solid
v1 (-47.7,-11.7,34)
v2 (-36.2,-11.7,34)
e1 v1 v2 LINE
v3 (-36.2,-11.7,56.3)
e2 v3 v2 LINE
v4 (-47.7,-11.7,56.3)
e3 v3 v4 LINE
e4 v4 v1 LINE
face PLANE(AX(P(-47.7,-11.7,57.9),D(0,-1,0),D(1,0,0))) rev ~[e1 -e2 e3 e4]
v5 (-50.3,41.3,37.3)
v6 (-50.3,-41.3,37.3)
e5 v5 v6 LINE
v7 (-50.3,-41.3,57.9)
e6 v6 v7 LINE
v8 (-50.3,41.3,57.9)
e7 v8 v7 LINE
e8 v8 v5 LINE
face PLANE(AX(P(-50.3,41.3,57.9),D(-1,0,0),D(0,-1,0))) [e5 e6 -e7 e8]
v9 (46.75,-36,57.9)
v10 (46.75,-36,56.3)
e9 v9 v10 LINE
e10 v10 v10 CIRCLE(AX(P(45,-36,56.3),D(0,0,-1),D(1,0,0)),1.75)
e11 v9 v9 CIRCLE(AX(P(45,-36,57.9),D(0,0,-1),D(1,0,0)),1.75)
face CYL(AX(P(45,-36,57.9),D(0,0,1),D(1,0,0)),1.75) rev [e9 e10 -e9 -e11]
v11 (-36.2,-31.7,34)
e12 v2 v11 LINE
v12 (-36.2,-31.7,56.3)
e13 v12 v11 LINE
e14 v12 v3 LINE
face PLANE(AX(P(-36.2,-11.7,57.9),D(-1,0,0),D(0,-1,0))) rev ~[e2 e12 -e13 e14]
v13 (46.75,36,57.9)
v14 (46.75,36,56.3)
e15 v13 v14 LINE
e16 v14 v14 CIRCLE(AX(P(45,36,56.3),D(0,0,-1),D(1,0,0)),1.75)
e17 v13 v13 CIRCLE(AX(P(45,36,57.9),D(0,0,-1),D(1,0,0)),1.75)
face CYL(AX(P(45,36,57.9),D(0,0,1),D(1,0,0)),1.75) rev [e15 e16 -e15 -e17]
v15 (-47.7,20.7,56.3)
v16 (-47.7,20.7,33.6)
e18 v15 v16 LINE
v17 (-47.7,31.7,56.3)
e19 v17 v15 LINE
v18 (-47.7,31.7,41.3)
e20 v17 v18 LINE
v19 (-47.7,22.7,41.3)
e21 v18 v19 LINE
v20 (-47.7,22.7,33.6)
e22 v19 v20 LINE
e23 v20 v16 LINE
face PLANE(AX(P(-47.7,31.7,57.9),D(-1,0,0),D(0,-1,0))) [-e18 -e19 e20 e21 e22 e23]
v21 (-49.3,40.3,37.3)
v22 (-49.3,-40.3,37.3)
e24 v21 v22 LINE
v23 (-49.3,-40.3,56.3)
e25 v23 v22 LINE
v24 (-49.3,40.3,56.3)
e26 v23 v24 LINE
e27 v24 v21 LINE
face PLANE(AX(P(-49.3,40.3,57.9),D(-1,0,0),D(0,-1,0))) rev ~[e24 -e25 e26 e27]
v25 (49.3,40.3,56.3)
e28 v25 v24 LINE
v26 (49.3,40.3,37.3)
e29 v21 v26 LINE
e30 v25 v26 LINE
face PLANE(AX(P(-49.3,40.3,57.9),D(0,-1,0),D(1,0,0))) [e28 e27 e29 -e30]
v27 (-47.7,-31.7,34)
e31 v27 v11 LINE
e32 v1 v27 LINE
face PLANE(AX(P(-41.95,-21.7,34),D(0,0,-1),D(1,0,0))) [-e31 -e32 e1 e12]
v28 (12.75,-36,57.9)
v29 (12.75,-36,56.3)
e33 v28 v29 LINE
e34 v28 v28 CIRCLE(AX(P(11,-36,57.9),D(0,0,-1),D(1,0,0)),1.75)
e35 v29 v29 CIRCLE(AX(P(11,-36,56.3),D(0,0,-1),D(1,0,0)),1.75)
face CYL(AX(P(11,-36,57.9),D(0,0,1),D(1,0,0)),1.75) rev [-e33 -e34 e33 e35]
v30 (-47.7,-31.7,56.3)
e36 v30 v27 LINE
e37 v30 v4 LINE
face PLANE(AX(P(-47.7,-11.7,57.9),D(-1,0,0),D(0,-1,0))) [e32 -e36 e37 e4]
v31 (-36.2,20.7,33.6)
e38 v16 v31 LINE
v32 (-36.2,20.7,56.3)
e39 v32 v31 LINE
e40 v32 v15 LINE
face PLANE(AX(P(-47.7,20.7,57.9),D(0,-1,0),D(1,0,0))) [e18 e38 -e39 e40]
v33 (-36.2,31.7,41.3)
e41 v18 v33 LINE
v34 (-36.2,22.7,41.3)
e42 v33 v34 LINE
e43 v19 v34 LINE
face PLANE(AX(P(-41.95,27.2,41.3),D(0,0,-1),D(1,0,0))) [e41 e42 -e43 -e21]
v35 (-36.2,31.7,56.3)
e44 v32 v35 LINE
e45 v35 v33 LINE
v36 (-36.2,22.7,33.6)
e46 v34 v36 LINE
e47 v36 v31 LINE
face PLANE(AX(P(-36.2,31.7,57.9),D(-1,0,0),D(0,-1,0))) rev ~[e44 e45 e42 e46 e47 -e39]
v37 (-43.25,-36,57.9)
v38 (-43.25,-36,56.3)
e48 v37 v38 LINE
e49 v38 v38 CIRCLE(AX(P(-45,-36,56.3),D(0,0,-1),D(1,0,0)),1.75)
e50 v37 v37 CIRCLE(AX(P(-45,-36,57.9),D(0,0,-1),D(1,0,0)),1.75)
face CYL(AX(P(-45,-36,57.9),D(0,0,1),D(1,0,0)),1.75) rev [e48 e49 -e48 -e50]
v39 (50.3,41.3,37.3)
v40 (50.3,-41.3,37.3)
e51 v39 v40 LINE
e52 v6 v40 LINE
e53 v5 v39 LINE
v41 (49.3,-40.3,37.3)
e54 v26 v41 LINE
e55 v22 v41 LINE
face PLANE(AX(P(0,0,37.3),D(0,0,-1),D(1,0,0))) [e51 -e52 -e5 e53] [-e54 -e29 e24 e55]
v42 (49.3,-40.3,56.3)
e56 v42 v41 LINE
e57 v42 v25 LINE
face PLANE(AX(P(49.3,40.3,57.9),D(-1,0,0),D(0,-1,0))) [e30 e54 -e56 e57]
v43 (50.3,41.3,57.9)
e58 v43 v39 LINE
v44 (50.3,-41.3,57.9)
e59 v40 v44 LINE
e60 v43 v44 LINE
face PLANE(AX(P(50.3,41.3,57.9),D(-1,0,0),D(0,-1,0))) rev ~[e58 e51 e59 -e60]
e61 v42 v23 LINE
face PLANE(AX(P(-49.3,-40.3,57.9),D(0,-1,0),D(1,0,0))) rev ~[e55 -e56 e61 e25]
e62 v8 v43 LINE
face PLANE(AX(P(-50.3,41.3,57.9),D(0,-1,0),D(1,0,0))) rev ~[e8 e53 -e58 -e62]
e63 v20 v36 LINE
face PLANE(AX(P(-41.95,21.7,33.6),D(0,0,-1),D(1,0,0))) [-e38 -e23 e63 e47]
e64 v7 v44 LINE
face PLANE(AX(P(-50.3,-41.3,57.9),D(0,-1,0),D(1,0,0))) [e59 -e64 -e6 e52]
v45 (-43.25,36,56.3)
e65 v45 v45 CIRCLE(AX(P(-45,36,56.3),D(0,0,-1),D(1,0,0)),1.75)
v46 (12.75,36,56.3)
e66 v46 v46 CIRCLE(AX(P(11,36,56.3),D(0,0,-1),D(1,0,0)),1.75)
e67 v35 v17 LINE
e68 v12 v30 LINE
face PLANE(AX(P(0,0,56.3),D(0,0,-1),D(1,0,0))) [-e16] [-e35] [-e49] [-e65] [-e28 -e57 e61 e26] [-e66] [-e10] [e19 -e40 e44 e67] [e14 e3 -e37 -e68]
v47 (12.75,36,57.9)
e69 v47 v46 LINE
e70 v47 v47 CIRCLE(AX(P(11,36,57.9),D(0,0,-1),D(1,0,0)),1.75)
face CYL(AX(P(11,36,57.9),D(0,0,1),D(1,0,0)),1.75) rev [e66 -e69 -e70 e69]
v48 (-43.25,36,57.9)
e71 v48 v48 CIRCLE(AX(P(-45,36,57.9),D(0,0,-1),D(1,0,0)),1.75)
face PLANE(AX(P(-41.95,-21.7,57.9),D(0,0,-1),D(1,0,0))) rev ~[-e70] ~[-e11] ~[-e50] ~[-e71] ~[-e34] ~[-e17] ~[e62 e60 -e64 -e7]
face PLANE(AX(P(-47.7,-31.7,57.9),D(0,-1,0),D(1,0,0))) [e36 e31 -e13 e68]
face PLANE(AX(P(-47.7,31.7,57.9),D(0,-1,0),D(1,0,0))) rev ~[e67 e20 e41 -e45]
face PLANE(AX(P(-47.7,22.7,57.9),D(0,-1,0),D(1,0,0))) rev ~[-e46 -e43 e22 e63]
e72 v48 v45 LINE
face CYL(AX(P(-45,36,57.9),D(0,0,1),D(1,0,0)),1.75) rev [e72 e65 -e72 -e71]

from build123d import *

# Parameters (mm, degrees)
SKETCH009_W             = 100.6
SKETCH009_H             = 82.6
PAD006_DEPTH            = 1.6
SKETCH010_W             = 100.6
SKETCH010_H             = 82.6
SKETCH010_W_2           = 98.6
SKETCH010_H_2           = 80.6
PAD007_DEPTH            = 20.6
SKETCH011_W             = 11.5
SKETCH011_H             = 9
PAD008_DEPTH            = 16.6
SKETCH012_W             = 11.5
SKETCH012_H             = 2
PAD009_DEPTH            = 24.3
SKETCH014_R             = 1.75
POCKET004_DEPTH         = 1.6
SKETCH020_W             = 11.5
SKETCH020_H             = 20
PAD013_DEPTH            = 23.9
BODY003_PLACEMENT_ANGLE = 180


with BuildPart() as part:
    # Sketch009 → Pad006 (new body)
    with BuildSketch(Plane.XY):
        Rectangle(SKETCH009_W, SKETCH009_H)
    extrude(amount=PAD006_DEPTH)

    # Sketch010 → Pad007 (join)
    with BuildSketch(Plane.XY):
        Rectangle(SKETCH010_W, SKETCH010_H)
        Rectangle(SKETCH010_W_2, SKETCH010_H_2, mode=Mode.SUBTRACT)
    extrude(amount=PAD007_DEPTH)

    # Sketch011 → Pad008 (join)
    with BuildSketch(Plane.XY):
        with Locations((-41.95, -27.2)):
            Rectangle(SKETCH011_W, SKETCH011_H)
    extrude(amount=PAD008_DEPTH)

    # Sketch012 → Pad009 (join)
    with BuildSketch(Plane.XY):
        with Locations((-41.95, -21.7)):
            Rectangle(SKETCH012_W, SKETCH012_H)
    extrude(amount=PAD009_DEPTH)

    # Sketch014 → Pocket004 (cut)
    with BuildSketch(Plane.XY):
        with Locations((-45, 36)):
            Circle(SKETCH014_R)
        with Locations((11, 36)):
            Circle(SKETCH014_R)
        with Locations((45, 36)):
            Circle(SKETCH014_R)
        with Locations((45, -36)):
            Circle(SKETCH014_R)
        with Locations((11, -36)):
            Circle(SKETCH014_R)
        with Locations((-45, -36)):
            Circle(SKETCH014_R)
    extrude(amount=POCKET004_DEPTH, mode=Mode.SUBTRACT)

    # Sketch020 → Pad013 (join)
    with BuildSketch(Plane.XY):
        with Locations((-41.95, 21.7)):
            Rectangle(SKETCH020_W, SKETCH020_H)
    extrude(amount=PAD013_DEPTH)


with BuildPart() as part_1:
    # Body003 placement: moved
    add(part.part.moved(Location((0, 0, 57.9))).rotate(Axis((0, 0, 57.9), (1, 0, 0)), BODY003_PLACEMENT_ANGLE))


solid = part_1.part
